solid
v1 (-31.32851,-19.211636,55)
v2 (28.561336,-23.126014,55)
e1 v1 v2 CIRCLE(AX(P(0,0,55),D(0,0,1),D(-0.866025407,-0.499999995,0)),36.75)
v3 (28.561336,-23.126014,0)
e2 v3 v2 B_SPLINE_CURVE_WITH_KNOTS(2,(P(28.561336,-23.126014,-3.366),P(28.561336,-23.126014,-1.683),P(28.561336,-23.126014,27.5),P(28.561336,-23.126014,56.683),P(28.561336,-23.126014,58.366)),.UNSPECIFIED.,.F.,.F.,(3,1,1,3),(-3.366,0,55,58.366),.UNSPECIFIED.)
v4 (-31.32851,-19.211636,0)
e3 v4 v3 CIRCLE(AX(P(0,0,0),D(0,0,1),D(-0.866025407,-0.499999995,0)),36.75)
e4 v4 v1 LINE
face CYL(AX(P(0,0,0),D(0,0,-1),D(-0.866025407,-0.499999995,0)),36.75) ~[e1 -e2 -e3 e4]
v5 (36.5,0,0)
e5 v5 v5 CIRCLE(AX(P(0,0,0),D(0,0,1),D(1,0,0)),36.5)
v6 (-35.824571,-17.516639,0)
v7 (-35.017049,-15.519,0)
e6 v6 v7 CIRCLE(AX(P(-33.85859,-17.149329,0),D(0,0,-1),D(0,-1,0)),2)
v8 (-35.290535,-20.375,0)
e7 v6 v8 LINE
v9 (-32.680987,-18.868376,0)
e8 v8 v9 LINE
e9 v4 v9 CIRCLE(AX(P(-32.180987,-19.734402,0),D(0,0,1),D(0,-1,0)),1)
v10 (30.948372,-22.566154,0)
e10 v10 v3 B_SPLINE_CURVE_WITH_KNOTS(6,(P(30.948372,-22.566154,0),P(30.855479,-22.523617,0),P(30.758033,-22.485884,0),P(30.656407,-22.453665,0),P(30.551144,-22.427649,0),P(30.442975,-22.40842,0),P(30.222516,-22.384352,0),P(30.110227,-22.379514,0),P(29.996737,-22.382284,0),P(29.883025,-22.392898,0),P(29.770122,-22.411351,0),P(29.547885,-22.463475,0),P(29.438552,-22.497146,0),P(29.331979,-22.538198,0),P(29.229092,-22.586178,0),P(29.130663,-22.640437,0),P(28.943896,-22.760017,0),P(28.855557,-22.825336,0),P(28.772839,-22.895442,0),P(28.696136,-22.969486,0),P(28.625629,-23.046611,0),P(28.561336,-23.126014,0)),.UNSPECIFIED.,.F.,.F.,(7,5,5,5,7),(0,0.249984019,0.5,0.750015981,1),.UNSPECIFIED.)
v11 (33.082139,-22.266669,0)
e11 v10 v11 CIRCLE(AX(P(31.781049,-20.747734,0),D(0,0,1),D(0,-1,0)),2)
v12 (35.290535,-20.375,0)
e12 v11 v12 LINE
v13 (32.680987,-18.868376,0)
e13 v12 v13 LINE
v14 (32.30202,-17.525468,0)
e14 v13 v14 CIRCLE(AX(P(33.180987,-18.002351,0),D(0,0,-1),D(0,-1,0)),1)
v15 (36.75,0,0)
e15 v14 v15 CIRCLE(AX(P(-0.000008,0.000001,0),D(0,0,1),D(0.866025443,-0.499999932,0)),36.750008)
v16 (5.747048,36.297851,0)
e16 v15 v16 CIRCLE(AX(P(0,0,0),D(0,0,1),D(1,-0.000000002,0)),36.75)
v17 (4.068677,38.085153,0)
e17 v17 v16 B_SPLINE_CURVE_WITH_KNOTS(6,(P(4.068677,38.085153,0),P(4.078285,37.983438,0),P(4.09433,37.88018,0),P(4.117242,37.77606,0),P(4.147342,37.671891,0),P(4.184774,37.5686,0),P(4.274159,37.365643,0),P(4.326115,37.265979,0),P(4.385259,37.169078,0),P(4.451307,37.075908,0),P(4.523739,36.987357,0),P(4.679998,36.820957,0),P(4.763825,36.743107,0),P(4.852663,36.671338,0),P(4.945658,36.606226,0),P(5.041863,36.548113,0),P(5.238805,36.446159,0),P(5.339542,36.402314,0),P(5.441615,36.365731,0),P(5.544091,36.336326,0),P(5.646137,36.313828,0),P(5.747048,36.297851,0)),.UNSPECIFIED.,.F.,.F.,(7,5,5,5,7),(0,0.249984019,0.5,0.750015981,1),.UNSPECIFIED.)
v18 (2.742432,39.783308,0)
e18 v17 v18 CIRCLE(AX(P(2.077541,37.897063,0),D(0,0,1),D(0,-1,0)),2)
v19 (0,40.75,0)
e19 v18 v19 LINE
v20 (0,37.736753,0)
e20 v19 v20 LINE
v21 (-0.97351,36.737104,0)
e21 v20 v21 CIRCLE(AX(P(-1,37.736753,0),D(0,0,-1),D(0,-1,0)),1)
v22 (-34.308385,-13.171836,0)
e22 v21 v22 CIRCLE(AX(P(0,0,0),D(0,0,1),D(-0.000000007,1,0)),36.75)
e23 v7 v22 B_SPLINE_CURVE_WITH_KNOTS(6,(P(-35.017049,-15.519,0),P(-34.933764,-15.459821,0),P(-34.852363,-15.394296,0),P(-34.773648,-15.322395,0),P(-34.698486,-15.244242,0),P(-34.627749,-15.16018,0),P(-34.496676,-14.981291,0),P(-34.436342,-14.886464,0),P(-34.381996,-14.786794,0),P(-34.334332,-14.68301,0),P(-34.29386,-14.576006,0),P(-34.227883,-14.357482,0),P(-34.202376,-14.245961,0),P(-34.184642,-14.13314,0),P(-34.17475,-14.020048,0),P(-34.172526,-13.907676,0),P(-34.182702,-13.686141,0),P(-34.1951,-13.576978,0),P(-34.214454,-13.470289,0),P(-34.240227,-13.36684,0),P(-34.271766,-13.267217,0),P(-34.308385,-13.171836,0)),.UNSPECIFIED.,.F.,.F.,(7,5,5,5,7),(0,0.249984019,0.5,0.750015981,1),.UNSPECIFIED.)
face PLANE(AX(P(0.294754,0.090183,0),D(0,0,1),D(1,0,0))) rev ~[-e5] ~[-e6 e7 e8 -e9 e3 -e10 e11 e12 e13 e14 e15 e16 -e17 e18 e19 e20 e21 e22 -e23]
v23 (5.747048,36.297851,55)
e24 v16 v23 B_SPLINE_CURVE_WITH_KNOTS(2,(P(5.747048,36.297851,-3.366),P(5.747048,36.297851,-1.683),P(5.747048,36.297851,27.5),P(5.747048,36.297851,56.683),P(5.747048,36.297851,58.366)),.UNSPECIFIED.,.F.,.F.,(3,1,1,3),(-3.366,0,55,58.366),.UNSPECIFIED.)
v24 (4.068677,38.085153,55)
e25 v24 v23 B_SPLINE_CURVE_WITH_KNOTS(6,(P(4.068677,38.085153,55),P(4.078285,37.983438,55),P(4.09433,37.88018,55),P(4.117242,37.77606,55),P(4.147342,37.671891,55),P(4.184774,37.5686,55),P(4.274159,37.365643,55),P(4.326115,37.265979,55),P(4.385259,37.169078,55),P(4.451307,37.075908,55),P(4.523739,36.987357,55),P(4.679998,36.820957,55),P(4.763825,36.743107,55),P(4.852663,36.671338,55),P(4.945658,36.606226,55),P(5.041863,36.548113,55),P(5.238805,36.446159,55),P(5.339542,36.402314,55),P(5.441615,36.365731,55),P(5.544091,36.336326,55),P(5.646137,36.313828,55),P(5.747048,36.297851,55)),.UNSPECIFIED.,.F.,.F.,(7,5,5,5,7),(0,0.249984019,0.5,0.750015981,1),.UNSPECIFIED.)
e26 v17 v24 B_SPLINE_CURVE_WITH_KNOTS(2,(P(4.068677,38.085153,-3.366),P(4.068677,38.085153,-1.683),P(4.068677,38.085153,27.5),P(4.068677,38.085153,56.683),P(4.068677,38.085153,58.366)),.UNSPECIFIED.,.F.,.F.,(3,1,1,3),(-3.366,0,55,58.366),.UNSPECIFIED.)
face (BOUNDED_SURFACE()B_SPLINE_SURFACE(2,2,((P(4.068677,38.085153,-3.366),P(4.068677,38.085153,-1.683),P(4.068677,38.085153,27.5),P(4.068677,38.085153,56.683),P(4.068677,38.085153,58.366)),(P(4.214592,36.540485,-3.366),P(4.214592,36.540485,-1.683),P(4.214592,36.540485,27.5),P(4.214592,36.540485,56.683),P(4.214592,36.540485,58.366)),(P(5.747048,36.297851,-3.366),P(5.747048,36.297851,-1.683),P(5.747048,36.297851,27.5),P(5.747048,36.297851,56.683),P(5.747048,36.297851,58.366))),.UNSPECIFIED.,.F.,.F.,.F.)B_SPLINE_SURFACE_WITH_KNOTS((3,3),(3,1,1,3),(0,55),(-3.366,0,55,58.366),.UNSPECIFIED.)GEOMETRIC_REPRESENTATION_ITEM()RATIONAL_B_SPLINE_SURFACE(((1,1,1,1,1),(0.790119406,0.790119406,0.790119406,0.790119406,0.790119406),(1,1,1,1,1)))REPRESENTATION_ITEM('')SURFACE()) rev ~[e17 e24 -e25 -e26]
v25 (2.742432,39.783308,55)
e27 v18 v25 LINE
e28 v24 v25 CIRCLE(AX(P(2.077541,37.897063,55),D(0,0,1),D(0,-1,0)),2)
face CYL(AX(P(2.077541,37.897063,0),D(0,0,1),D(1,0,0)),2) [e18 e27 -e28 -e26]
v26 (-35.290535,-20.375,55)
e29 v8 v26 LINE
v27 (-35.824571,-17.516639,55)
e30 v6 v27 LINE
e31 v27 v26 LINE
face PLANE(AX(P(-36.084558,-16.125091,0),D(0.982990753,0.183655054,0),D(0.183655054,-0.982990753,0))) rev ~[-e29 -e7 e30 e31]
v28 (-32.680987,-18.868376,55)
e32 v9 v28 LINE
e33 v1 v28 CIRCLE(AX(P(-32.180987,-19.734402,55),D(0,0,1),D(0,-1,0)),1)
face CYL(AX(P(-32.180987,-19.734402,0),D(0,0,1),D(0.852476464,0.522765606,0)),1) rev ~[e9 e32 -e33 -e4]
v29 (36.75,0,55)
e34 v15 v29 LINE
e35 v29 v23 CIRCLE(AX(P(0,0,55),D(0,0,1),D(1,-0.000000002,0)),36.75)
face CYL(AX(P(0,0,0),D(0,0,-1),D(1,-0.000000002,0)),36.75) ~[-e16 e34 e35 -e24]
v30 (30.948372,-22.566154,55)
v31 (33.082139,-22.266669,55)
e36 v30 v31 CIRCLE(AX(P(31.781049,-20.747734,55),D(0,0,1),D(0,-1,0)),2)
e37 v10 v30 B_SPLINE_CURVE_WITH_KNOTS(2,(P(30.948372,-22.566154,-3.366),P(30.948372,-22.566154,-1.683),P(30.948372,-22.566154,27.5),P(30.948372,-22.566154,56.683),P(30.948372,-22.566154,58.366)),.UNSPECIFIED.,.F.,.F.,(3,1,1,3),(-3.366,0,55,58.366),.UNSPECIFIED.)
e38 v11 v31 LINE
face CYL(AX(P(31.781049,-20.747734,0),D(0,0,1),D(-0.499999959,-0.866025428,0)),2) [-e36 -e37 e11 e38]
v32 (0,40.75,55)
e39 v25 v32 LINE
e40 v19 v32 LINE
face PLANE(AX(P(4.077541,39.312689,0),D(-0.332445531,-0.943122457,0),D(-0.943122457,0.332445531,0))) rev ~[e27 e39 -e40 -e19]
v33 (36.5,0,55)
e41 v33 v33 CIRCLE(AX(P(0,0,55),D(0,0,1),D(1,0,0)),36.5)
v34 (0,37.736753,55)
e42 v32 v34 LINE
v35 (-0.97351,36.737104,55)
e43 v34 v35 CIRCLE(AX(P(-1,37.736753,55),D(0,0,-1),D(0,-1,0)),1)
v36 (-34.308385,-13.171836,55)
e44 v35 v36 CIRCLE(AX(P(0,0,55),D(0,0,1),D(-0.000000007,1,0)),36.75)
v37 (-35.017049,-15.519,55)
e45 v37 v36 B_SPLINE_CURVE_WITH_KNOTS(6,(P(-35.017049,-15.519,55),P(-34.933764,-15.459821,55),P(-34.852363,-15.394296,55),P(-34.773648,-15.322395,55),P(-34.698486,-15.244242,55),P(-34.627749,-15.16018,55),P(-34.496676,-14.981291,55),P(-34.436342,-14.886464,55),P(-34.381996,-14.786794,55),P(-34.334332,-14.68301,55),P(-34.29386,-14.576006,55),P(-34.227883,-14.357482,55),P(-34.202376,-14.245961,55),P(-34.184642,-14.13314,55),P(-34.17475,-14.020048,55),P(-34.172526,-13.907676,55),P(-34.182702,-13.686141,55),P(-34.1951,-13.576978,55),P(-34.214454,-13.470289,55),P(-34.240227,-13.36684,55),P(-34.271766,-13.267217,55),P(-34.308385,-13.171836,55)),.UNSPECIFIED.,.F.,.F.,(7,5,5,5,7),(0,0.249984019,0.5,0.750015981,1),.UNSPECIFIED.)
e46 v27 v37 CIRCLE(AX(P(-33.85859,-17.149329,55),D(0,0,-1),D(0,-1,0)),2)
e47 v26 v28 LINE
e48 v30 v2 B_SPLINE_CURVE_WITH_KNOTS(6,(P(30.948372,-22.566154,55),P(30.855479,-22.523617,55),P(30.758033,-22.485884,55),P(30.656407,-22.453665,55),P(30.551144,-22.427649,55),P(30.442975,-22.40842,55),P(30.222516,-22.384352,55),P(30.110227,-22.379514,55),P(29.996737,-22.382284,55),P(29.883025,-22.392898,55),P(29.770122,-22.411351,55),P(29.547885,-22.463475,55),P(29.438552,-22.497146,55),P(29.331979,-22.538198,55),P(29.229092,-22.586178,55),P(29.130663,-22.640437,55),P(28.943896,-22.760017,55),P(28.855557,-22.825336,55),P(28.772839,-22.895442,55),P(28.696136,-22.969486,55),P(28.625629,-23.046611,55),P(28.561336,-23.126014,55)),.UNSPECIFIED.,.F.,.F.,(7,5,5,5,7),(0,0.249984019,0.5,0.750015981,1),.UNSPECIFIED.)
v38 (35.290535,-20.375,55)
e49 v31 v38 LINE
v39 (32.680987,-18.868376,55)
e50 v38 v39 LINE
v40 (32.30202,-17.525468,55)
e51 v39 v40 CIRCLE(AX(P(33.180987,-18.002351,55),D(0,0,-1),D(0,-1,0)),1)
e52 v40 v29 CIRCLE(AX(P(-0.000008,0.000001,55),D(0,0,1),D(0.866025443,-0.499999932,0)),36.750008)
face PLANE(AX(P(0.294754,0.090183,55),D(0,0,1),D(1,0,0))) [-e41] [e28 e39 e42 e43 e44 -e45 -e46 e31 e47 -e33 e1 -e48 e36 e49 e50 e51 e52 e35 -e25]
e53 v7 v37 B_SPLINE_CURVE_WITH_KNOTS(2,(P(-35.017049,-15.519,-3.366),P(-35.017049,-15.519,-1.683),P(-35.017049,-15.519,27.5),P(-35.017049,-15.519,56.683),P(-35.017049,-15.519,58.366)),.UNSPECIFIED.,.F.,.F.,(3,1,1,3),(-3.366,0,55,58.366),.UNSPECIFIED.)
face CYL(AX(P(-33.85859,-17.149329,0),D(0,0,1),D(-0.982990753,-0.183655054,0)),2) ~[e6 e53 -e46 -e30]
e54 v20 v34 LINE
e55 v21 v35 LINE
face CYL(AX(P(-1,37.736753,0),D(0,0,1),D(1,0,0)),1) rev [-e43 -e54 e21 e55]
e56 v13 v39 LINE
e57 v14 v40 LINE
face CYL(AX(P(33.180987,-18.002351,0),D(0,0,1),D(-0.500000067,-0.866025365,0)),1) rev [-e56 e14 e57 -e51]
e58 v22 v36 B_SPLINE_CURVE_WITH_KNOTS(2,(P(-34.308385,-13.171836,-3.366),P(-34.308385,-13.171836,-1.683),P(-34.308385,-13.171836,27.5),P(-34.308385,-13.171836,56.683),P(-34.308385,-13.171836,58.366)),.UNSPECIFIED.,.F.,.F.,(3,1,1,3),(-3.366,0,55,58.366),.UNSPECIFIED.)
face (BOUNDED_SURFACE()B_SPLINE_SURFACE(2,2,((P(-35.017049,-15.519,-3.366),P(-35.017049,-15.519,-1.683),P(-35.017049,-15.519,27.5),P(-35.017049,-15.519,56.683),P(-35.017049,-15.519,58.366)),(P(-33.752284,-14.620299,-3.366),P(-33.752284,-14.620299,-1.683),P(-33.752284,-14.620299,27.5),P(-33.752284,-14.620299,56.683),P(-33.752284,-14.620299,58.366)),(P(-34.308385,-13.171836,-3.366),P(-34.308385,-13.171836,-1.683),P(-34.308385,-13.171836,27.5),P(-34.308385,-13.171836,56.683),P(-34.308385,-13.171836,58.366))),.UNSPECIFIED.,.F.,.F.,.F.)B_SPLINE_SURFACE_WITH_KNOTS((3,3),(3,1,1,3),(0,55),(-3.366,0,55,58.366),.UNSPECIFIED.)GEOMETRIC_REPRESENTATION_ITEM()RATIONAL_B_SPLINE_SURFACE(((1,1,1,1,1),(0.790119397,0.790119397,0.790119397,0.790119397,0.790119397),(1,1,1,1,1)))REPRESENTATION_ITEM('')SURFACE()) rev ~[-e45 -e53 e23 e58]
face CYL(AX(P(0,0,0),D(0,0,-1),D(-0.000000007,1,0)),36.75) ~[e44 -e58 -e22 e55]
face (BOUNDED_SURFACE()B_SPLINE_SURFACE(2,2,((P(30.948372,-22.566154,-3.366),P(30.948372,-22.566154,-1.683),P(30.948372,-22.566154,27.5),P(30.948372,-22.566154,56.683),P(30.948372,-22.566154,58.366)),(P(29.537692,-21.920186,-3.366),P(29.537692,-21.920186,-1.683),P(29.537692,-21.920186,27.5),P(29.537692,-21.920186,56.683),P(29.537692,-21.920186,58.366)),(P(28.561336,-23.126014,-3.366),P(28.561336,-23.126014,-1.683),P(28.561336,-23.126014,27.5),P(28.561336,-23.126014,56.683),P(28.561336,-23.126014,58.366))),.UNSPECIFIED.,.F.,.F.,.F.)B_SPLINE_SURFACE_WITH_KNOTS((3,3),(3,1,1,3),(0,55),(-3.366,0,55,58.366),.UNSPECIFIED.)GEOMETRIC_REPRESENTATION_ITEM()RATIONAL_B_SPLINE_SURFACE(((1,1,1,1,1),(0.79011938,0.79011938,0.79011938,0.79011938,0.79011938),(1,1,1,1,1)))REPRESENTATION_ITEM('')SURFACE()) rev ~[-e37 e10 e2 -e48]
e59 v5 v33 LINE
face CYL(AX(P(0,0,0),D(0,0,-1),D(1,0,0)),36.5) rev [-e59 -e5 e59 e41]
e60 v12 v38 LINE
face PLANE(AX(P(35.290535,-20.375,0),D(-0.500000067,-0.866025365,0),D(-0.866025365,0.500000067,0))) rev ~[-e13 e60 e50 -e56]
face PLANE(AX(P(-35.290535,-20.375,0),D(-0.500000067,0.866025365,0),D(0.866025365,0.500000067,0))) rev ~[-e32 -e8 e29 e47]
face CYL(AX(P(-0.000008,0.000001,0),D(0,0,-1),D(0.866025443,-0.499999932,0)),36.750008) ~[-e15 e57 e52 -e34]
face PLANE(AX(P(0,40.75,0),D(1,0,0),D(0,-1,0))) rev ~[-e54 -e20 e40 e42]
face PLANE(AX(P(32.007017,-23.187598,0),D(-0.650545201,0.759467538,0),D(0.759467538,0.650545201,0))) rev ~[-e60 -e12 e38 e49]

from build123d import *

# Parameters (mm, degrees)
F0_R     = 36.5
F1_DEPTH = 55
F2_R     = 2
F3_R     = 2
F4_R     = 1
F5_R     = 2
F6_R     = 2
F7_R     = 1
F8_R     = 1
F9_R     = 2
F10_R    = 2


with BuildPart() as f1:
    # F0 (on Top) → F1 (new body)
    with BuildSketch(Plane.XY):
        with BuildLine():
            ThreePointArc((31.826434, -18.375), (35.497774, -9.5116), (36.75, 0))
            ThreePointArc((36.75, 0), (27.38989, 24.502172), (4.077541, 36.523091))
            ThreePointArc((4.077541, 36.523091), (2.041925, 36.693229), (0, 36.75))
            ThreePointArc((0, 36.75), (-30.756306, 20.114973), (-33.668695, -14.730292))
            ThreePointArc((-33.668695, -14.730292), (-32.798231, -16.578256), (-31.826434, -18.375))
            ThreePointArc((-31.826434, -18.375), (-2.041925, -36.693229), (29.591154, -21.792799))
            ThreePointArc((29.591154, -21.792799), (30.756306, -20.114973), (31.826434, -18.375))
        make_face()
        Circle(F0_R, mode=Mode.SUBTRACT)
        with BuildLine():
            ThreePointArc((0, 36.75), (2.041925, 36.693229), (4.077541, 36.523091))
            Line((4.077541, 36.523091), (4.077541, 39.312689))
            Line((4.077541, 39.312689), (0, 40.75))
            Line((0, 40.75), (0, 36.75))
        make_face()
        with BuildLine():
            ThreePointArc((-31.826434, -18.375), (-32.798231, -16.578256), (-33.668695, -14.730292))
            Line((-33.668695, -14.730292), (-36.084558, -16.125091))
            Line((-36.084558, -16.125091), (-35.290535, -20.375))
            Line((-35.290535, -20.375), (-31.826434, -18.375))
        make_face()
        with BuildLine():
            Line((35.290535, -20.375), (31.826434, -18.375))
            ThreePointArc((31.826434, -18.375), (30.756306, -20.114973), (29.591154, -21.792799))
            Line((29.591154, -21.792799), (32.007017, -23.187598))
            Line((32.007017, -23.187598), (35.290535, -20.375))
        make_face()
    extrude(amount=F1_DEPTH)

    # F2
    f2_edges = [f1.edges().sort_by_distance(p)[0] for p in [
        (4.077541, 39.312689, 27.5),
    ]]
    fillet(f2_edges, radius=F2_R)

    # F3
    f3_edges = [f1.edges().sort_by_distance(p)[0] for p in [
        (4.077541, 36.523091, 27.5),
    ]]
    fillet(f3_edges, radius=F3_R)

    # F4
    f4_edges = [f1.edges().sort_by_distance(p)[0] for p in [
        (0, 36.75, 27.5),
    ]]
    fillet(f4_edges, radius=F4_R)

    # F5
    f5_edges = [f1.edges().sort_by_distance(p)[0] for p in [
        (32.007017, -23.187598, 27.5),
    ]]
    fillet(f5_edges, radius=F5_R)

    # F6
    f6_edges = [f1.edges().sort_by_distance(p)[0] for p in [
        (29.591154, -21.792799, 27.5),
    ]]
    fillet(f6_edges, radius=F6_R)

    # F7
    f7_edges = [f1.edges().sort_by_distance(p)[0] for p in [
        (31.826434, -18.375, 27.5),
    ]]
    fillet(f7_edges, radius=F7_R)

    # F8
    f8_edges = [f1.edges().sort_by_distance(p)[0] for p in [
        (-31.826434, -18.375, 27.5),
    ]]
    fillet(f8_edges, radius=F8_R)

    # F9
    f9_edges = [f1.edges().sort_by_distance(p)[0] for p in [
        (-36.084558, -16.125091, 27.5),
    ]]
    fillet(f9_edges, radius=F9_R)

    # F10
    f10_edges = [f1.edges().sort_by_distance(p)[0] for p in [
        (-33.668695, -14.730292, 27.5),
    ]]
    fillet(f10_edges, radius=F10_R)


solid = f1.part
